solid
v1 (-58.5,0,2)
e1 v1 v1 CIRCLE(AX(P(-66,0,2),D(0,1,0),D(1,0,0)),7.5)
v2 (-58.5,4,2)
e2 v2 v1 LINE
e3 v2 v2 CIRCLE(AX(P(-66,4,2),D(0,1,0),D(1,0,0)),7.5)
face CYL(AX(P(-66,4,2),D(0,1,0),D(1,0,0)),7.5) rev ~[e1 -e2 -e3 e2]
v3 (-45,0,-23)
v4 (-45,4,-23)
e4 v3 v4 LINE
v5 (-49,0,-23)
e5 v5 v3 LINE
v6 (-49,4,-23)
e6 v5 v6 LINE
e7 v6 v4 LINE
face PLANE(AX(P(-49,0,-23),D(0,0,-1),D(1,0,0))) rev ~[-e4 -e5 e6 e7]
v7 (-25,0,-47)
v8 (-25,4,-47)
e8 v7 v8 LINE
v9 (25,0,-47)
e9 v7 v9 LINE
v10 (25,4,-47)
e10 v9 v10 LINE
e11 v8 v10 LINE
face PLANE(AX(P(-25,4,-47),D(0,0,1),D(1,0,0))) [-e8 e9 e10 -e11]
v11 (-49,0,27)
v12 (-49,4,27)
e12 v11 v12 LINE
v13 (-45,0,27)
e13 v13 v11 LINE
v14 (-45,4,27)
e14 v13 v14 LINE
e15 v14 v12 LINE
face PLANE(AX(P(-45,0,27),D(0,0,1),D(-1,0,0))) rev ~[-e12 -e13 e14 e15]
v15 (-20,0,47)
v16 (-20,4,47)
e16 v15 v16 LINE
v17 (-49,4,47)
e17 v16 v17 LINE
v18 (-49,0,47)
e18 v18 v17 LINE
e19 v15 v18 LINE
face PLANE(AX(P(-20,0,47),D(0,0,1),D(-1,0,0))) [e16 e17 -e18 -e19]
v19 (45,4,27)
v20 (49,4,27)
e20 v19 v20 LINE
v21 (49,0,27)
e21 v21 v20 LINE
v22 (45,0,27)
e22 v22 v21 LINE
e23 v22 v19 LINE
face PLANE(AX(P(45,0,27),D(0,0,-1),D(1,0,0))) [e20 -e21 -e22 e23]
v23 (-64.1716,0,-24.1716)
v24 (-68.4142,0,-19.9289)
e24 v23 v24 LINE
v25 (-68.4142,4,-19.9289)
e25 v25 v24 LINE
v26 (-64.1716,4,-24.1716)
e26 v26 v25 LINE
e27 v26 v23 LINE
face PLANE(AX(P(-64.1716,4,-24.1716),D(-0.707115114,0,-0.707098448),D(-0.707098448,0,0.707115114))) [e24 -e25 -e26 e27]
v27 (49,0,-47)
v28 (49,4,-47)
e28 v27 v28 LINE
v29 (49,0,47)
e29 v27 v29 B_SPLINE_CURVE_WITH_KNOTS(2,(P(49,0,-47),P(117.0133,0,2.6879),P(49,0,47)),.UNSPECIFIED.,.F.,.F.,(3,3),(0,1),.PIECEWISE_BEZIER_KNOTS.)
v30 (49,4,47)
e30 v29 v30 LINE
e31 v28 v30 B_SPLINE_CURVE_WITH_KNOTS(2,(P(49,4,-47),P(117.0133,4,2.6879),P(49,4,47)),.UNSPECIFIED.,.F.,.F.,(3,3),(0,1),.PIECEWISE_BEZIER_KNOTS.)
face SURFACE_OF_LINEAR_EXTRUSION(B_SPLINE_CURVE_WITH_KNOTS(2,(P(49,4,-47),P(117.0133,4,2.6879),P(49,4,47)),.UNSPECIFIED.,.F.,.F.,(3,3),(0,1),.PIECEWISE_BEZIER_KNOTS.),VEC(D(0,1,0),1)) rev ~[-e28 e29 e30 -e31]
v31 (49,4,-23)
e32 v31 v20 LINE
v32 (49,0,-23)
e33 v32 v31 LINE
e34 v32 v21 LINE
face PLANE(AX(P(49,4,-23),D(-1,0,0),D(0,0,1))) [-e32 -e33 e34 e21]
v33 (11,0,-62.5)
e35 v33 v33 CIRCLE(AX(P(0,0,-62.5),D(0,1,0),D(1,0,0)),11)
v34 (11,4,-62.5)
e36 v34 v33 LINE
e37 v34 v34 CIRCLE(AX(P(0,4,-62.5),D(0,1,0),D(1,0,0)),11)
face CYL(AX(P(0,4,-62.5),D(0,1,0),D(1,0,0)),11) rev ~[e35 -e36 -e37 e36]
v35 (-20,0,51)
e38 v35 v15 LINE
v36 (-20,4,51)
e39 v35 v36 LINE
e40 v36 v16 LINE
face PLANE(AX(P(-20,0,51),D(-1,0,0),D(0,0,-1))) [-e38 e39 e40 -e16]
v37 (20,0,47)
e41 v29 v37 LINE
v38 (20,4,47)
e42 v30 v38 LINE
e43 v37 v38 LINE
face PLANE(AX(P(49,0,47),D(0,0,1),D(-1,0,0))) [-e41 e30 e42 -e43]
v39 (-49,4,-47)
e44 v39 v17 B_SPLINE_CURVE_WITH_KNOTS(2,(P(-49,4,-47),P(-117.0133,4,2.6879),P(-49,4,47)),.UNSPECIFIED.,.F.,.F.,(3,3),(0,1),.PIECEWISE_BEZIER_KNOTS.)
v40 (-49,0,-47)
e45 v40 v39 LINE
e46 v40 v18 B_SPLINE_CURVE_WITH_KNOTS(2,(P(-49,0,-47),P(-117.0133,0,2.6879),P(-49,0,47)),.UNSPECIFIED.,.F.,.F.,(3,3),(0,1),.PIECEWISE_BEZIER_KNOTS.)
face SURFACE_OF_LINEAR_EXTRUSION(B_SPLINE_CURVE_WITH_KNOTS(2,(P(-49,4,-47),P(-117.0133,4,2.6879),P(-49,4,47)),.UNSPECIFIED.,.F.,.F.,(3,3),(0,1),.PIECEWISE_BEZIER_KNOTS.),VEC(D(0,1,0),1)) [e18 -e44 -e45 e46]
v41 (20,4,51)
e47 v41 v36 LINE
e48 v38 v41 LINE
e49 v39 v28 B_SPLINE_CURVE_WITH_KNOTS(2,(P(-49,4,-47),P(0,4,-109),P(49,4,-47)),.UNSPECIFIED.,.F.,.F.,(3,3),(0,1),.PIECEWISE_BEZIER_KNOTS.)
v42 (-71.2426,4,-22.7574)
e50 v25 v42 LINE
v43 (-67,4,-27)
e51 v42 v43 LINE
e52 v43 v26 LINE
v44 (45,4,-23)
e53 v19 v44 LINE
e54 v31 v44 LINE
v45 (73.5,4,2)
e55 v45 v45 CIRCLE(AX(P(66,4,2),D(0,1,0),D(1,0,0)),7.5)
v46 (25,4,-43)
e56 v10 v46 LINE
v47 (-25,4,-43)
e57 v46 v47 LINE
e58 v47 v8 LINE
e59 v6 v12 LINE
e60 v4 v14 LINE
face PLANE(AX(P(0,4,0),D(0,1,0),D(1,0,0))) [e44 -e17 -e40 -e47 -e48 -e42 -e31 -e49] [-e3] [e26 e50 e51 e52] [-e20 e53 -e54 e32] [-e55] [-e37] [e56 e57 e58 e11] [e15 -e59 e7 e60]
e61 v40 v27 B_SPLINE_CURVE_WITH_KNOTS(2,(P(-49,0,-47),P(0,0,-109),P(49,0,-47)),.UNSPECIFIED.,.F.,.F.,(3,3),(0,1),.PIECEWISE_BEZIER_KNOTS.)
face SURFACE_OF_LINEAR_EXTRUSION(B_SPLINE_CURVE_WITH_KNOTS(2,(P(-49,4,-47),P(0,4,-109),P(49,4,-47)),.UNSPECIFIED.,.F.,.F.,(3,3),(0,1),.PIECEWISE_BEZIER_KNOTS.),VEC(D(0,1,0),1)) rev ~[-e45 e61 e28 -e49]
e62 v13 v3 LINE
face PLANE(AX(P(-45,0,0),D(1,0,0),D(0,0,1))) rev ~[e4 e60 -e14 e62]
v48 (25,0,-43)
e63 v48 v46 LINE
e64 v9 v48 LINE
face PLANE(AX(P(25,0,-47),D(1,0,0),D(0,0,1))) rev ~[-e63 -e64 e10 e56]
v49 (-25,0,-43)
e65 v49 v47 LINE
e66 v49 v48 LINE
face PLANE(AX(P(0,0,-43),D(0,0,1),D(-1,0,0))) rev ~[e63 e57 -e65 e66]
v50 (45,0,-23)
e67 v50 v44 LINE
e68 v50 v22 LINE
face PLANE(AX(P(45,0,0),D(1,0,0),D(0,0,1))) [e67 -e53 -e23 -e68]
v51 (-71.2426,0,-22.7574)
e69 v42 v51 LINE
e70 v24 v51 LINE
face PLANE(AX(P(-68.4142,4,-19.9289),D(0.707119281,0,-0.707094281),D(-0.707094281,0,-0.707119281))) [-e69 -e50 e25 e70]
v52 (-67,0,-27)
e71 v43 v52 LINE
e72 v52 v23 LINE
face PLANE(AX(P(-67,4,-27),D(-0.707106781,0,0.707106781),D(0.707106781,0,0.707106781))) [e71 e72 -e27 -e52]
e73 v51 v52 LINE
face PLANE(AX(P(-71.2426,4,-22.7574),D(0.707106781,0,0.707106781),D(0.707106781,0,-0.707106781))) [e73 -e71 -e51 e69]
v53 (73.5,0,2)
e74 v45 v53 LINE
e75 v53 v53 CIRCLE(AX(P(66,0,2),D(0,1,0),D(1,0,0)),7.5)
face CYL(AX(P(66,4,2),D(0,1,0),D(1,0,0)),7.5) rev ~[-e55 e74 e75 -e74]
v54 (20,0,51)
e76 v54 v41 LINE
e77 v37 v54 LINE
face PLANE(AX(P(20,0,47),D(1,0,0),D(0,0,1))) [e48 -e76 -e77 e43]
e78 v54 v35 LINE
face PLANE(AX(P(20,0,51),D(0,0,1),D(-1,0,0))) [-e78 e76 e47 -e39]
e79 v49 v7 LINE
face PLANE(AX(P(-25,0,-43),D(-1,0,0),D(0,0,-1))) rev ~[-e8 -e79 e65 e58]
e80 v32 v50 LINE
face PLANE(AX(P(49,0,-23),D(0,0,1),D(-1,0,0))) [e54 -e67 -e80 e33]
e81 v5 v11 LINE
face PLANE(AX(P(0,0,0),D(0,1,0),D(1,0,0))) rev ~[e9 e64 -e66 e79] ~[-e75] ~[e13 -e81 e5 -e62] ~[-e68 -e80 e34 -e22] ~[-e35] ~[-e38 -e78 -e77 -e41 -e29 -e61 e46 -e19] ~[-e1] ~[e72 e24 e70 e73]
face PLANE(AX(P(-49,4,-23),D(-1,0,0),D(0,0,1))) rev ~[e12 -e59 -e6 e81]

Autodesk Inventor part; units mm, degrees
ref_plane "YZ Plane" through (0, 0, 0) normal (1, 0, 0) x (0, 1, 0)
ref_plane "XZ Plane" through (0, 0, 0) normal (0, 1, 0) x (-1, 0, 0)
ref_plane "XY Plane" through (0, 0, 0) normal (0, 0, 1) x (1, 0, 0)
sketch "Sketch2" plane through (0, 0, 0) normal (0, 1, 0) x (-1, 0, 0)
  line L0 (-49, 47) -> (-20, 47)
  line L1 (49, 47) -> (49, -47)
  line L2 (49, -47) -> (-49, -47)
  line L3 (-49, -47) -> (-49, 47)
  line L4 (-49, 47) -> (49, -47) construction
  line L5 (49, 47) -> (-49, -47) construction
  line L6 (49, -23) -> (45, -23)
  line L7 (45, -23) -> (45, 27)
  line L8 (45, 27) -> (49, 27)
  line L9 (49, 27) -> (49, -23)
  line L10 (-49, -23) -> (-45, -23)
  line L11 (-45, -23) -> (-45, 27)
  line L12 (-45, 27) -> (-49, 27)
  line L13 (-49, 27) -> (-49, -23)
  line L14 (25, -47) -> (-25, -47)
  line L15 (-25, -47) -> (-25, -43)
  line L16 (-25, -43) -> (25, -43)
  line L17 (25, -43) -> (25, -47)
  line L18 (0, -47) -> (0, 47)
  line L19 (49, 0) -> (-49, 0)
  line L20 (49, 2) -> (-45, 2) construction
  line L21 (20, 47) -> (0, 47) construction
  line L22 (-20, 47) -> (-20, 51)
  line L23 (-20, 51) -> (20, 51)
  line L24 (20, 51) -> (20, 47)
  line L25 (-20, 47) -> (20, 47) construction
  line L26 (0, 47) -> (-20, 47) construction
  line L27 (20, 47) -> (49, 47)
  point P0 (0, 0)
  point P1 (49, 27)
  point P2 (-49, 27)
  point P3 (0, 0)
  point P4 (0, 0)
  dimension "d7" = 98
  dimension "d8" = 94
  dimension "d5" = 4
  dimension "d6" = 50
  dimension "d3" = 4
  dimension "d4" = 50
  dimension "d1" = 50
  dimension "d2" = 4
  dimension "d0" = 2
  dimension "d27" = 4
  dimension "d28" = 40
extrude "Extrusion1" add sketch "Sketch2" along normal blind 4 contours L0 L22 L23 L24 L27 L1 L8 L7 L19 L11 L12 L3 | L10 L11 L19 L18 L16 L15 L2 L3 | L19 L7 L6 L1 L2 L17 L16 L18
sketch "Sketch3" plane through (0, 4, 0) normal (0, 1, 0) x (1, 0, 0)
  circle A0 centre (0, 62.5) radius 11
  line L0 (49, 47) -> (25, 47) construction
  line L1 (-25, 47) -> (-49, 47) construction
  spline S0 degree 2 poles (-49, 47) (0, 109) (49, 47) knots 0 0 0 1 1 1
  line L2 (-25, 43) -> (-25, 47) projected
  line L3 (-25, 47) -> (25, 47)
  circle A1 centre (66, -2) radius 7.5
  line L4 (49, 23) -> (49, 47) construction
  line L5 (49, -47) -> (49, -27) construction
  spline S1 degree 2 poles (49, 47) (117.0133, -2.6879) (49, -47) knots 0 0 0 1 1 1
  line L6 (45, 23) -> (49, 23) projected
  line L7 (49, 23) -> (49, -27)
  line L8 (25, 43) -> (-25, 43) projected
  line L9 (0, 43) -> (0, -47)
  line L10 (-49, -47) -> (49, -47) projected
  circle A2 centre (-66, -2) radius 7.5
  spline S2 degree 2 poles (-49, 47) (-117.0133, -2.6879) (-49, -47) knots 0 0 0 1 1 1
  line L11 (-49, 23) -> (-49, -27)
  line L12 (-49, -27) -> (-49, 23) construction
  line L13 (-49, -27) -> (-49, 23) construction
  line L14 (-49, 23) -> (-45, 23) projected
  line L15 (-45, 23) -> (-45, -27) projected
  line L16 (-45, -27) -> (-49, -27) projected
  line L17 (45, -27) -> (45, 23) projected
  line L18 (49, -27) -> (45, -27) projected
  line L19 (25, 47) -> (25, 43) projected
  line L20 (-67, 27) -> (-64.1716, 24.1716)
  line L21 (-64.1716, 24.1716) -> (-68.4142, 19.9289)
  line L22 (-68.4142, 19.9289) -> (-71.2426, 22.7574)
  line L23 (-71.2426, 22.7574) -> (-67, 27)
  point P0 (0, 0)
  point P1 (0, 78)
  point P2 (83, -2)
  point P3 (-83, -2)
  dimension "d12" = 22
  dimension "d13" = 15.5
  dimension "d14" = 15.5
  dimension "d17" = 17
  dimension "d18" = 15
  dimension "d19" = 17
  dimension "d20" = 2
  dimension "d21" = 6
  dimension "d22" = 4
  dimension "d25" = 135
  dimension "d29" = 20
  dimension "d30" = 18
extrude "Extrusion2" add sketch "Sketch3" against normal blind 4
properties part number "CarTop_V2" material "Wood (Oak)"
